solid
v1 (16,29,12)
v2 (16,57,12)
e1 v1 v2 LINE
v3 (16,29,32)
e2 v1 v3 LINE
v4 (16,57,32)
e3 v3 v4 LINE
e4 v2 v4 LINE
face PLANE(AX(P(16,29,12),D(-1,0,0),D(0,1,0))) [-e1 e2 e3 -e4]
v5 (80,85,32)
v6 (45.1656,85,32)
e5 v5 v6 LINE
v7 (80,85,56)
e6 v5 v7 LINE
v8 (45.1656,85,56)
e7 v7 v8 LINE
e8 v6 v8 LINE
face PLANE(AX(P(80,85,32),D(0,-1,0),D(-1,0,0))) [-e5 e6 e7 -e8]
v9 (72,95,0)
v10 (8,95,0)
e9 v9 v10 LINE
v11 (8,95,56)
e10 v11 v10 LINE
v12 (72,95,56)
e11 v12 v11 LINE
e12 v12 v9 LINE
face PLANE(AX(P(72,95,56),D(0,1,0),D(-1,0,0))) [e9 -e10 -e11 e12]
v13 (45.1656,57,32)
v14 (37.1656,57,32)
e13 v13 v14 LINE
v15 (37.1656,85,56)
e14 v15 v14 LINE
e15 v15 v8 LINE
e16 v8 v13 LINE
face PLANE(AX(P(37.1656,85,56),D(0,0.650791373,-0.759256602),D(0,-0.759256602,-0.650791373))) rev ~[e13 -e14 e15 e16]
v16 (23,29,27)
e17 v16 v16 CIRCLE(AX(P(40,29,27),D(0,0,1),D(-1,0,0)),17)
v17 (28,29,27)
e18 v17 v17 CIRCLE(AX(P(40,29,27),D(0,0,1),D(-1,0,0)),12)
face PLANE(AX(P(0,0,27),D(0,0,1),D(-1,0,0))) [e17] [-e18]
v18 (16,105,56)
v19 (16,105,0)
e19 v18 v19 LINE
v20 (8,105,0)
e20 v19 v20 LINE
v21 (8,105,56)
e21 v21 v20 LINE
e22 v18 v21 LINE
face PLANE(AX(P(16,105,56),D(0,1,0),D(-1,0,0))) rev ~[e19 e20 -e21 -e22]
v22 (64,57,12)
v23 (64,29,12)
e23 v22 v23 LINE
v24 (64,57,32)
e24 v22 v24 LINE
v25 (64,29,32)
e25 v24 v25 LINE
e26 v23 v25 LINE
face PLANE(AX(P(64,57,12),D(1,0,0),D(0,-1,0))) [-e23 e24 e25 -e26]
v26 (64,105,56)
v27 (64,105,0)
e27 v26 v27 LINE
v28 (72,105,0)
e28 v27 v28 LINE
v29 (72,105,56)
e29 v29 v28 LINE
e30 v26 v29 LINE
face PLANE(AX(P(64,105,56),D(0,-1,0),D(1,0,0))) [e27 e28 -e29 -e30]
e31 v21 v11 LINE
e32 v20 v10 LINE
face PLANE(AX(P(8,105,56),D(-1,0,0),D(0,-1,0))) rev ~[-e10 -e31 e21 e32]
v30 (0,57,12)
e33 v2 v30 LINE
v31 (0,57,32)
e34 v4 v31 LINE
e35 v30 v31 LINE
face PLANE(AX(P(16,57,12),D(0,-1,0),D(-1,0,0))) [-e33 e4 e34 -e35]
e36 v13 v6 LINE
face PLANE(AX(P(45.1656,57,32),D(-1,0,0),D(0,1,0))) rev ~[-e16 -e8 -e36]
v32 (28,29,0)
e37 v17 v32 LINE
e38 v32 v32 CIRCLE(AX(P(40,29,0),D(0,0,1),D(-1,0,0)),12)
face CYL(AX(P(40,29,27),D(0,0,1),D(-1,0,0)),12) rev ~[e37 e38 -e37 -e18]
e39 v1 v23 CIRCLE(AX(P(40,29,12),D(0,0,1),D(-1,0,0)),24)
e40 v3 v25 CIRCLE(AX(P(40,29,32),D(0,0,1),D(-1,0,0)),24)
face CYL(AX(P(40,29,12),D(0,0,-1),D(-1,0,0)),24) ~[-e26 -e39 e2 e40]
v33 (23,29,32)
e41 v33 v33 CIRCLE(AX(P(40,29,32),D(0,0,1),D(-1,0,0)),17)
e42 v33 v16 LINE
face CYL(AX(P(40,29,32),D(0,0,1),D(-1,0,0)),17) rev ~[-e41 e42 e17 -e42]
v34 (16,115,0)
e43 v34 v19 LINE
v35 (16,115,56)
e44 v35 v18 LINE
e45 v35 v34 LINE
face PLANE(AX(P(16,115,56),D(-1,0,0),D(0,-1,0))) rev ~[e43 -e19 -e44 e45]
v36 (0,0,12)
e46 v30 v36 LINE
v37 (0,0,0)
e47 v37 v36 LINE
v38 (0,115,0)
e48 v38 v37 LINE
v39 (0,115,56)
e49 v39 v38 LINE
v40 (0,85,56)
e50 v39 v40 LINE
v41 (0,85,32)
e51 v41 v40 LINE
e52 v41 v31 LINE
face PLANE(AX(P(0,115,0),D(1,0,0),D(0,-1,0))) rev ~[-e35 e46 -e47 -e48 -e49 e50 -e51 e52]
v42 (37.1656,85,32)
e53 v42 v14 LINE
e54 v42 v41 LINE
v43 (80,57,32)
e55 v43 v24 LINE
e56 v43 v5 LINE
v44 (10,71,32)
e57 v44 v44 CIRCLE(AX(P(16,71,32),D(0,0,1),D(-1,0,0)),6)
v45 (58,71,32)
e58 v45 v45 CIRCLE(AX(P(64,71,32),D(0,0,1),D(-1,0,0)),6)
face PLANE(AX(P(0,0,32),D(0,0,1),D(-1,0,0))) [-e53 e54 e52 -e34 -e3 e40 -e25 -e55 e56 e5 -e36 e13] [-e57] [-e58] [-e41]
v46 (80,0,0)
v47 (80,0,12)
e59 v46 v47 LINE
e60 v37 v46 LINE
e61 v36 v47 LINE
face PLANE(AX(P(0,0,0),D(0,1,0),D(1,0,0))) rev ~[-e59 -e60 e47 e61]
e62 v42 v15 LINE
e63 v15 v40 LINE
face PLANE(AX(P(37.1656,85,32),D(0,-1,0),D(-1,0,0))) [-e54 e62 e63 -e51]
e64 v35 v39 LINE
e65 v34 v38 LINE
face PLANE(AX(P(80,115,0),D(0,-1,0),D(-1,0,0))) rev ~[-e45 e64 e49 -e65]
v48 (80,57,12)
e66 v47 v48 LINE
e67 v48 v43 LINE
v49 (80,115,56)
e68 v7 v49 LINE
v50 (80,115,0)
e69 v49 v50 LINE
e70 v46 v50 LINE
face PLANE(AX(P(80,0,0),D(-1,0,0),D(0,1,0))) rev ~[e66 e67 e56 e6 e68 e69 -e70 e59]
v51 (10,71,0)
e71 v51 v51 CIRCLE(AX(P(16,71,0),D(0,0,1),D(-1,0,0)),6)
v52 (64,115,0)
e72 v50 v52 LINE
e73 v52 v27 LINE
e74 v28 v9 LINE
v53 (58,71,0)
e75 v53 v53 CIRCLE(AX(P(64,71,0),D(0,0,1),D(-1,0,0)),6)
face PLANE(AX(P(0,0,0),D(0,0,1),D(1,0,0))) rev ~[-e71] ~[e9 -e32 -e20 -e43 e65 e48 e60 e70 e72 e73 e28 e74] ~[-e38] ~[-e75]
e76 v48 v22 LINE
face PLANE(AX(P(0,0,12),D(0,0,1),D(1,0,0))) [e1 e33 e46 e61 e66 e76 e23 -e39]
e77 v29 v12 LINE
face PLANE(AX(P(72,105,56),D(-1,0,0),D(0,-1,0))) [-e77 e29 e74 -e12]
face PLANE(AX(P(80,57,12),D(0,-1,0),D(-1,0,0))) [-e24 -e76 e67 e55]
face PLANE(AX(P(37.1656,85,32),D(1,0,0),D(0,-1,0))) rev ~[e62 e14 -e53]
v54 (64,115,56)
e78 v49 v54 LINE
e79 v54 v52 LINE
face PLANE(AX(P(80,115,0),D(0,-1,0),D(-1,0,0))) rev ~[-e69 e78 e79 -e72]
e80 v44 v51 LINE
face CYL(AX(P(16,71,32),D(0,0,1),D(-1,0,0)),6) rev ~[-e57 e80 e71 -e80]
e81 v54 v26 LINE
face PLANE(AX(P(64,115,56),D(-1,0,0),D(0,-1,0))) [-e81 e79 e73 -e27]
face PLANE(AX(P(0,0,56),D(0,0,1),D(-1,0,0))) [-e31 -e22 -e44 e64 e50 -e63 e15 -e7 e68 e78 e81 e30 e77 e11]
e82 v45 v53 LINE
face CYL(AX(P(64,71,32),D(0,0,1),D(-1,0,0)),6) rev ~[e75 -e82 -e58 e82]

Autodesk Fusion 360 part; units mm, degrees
sketch "Sketch1" plane through (0, 0, 0) normal (0, 0, 1) x (1, 0, 0)
  line L0 (0, 0) -> (80, 0)
  line L1 (80, 0) -> (80, 115)
  line L2 (80, 115) -> (0, 115)
  line L3 (0, 115) -> (0, 0)
  dimension "d1" = 80
  dimension "d2" = 115
sketch "Sketch2" plane through (0, 0, 0) normal (0, 0, 1) x (1, 0, 0)
extrude "Extrude1" add sketch "Sketch1" along normal blind 12
sketch "Sketch3" plane through (0, 0, 12) normal (0, 0, 1) x (-1, 0, 0)
  line L0 (0, -115) -> (0, 0)
  line L1 (0, 0) -> (-80, 0)
  line L2 (-80, 0) -> (-80, -115)
  line L3 (-80, -115) -> (0, -115)
  line L4 (0, -115) -> (-80, -115)
  line L5 (-80, -115) -> (-80, -57)
  line L6 (-80, -57) -> (0, -57)
  line L7 (0, -57) -> (0, -115)
  line L8 (-16, -57) -> (-64, -57)
  line L9 (-64, -57) -> (-64, -29)
  line L10 (-64, -29) -> (-16, -29)
  line L11 (-16, -29) -> (-16, -57)
  circle A0 centre (-40, -29) radius 24
  dimension "d5" = 58
  dimension "d6" = 48
  dimension "d7" = 28
extrude "Extrude2" add sketch "Sketch3" along normal blind 20 contours L0 L2 L3 L4 L5 L6 L7 L8 | L6 L8 L9 L11 A0 | L10 A0 | L10 A0
sketch "Sketch4" plane through (0, 0, 32) normal (0, 0, 1) x (-1, 0, 0)
  line L0 (-16, -57) -> (-16, -29)
  arc A0 (-16, -29) -> (-64, -29) centre (-40, -29) ccw
  line L1 (-64, -29) -> (-64, -57)
  line L2 (-64, -57) -> (-80, -57)
  line L3 (-80, -57) -> (-80, -115)
  line L4 (-80, -115) -> (0, -115)
  line L5 (0, -115) -> (0, -57)
  line L6 (0, -57) -> (-16, -57)
  line L7 (0, -115) -> (-80, -115)
  line L8 (-80, -115) -> (-80, -85)
  line L9 (-80, -85) -> (0, -85)
  line L10 (0, -85) -> (0, -115)
  line L11 (-40, -85) -> (-37.1656, -85)
  line L12 (-37.1656, -85) -> (-37.1656, -57)
  line L13 (-37.1656, -57) -> (-40, -57)
  line L14 (-40, -57) -> (-40, -85)
  line L15 (-37.1656, -57) -> (-45.1656, -57)
  line L16 (-45.1656, -57) -> (-45.1656, -85)
  line L17 (-45.1656, -85) -> (-37.1656, -85)
  line L18 (-37.1656, -85) -> (-37.1656, -57)
  dimension "d10" = 28
  dimension "d11" = 8
extrude "Extrude3" add sketch "Sketch4" along normal blind 24 contours L3 L4 L5 L7 L8 L9 L10 L11 L17 | L9 L11 L12 L13 L14 L15 L17 L18 | L9 L14 L15 L16 L17
sketch "Sketch5" plane through (37.1656, 0, 0) normal (-1, 0, 0) x (0, -1, 0)
  line L0 (-85, 32) -> (-57, 32)
  line L1 (-57, 32) -> (-57, 56)
  line L2 (-57, 56) -> (-85, 56)
  line L3 (-85, 56) -> (-85, 32)
  line L4 (-85, 56) -> (-57, 32)
  line L5 (-85, 56) -> (-57, 56)
  line L6 (-57, 32) -> (-57, 56)
extrude "Extrude4" cut sketch "Sketch5" against normal blind 8 contours L1 L2 L4 L5 L6
sketch "Sketch6" plane through (0, 0, 56) normal (0, 0, 1) x (-1, 0, 0)
  line L0 (-37.1656, -85) -> (-45.1656, -85)
  line L1 (-45.1656, -85) -> (-80, -85)
  line L2 (-80, -85) -> (-80, -115)
  line L3 (-80, -115) -> (0, -115)
  line L4 (0, -115) -> (0, -85)
  line L5 (0, -85) -> (-37.1656, -85)
  line L6 (0, -115) -> (-16, -115)
  line L7 (-16, -115) -> (-16, -105)
  line L8 (-16, -105) -> (-8, -105)
  line L9 (-8, -105) -> (-8, -95)
  line L10 (-80, -115) -> (-64, -115)
  line L11 (-64, -115) -> (-64, -105)
  line L12 (-64, -105) -> (-72, -105)
  line L13 (-72, -105) -> (-72, -95)
  line L14 (-72, -95) -> (-8, -95)
  line L15 (-16, -115) -> (-64, -115)
  dimension "d16" = 16
  dimension "d17" = 10
  dimension "d18" = 10
  dimension "d19" = 16
  dimension "d20" = 8
extrude "Extrude5" cut sketch "Sketch6" against normal blind 90 contours L3 L7 L8 L9 L11 L12 L13 L14 L15
sketch "Sketch7" plane through (0, 0, 32) normal (0, 0, 1) x (-1, 0, 0)
  line L0 (-80, -85) -> (-45.1656, -85)
  line L1 (-45.1656, -85) -> (-45.1656, -57)
  line L2 (-45.1656, -57) -> (-37.1656, -57)
  line L3 (-37.1656, -57) -> (-37.1656, -85)
  line L4 (-37.1656, -85) -> (0, -85)
  line L5 (0, -85) -> (0, -57)
  line L6 (0, -57) -> (-16, -57)
  line L7 (-16, -57) -> (-16, -29)
  arc A0 (-16, -29) -> (-64, -29) centre (-40, -29) ccw
  line L8 (-64, -29) -> (-64, -57)
  line L9 (-64, -57) -> (-80, -57)
  line L10 (-80, -57) -> (-80, -85)
  circle A1 centre (-40, -29) radius 17
  dimension "d23" = 34
extrude "Extrude6" cut sketch "Sketch7" against normal blind 5 contours A1
sketch "Sketch8" plane through (0, 0, 27) normal (0, 0, 1) x (-1, 0, 0)
  circle A0 centre (-40, -29) radius 17
  circle A1 centre (-40, -29) radius 12
  dimension "d26" = 24
extrude "Extrude7" cut sketch "Sketch8" against normal blind 49 contours A1
sketch "Sketch9" plane through (0, 0, 32) normal (0, 0, 1) x (-1, 0, 0)
  circle A0 centre (-40, -29) radius 17
  line L0 (-80, -85) -> (-45.1656, -85)
  line L1 (-45.1656, -85) -> (-45.1656, -57)
  line L2 (-45.1656, -57) -> (-37.1656, -57)
  line L3 (-37.1656, -57) -> (-37.1656, -85)
  line L4 (-37.1656, -85) -> (0, -85)
  line L5 (0, -85) -> (0, -57)
  line L6 (0, -57) -> (-16, -57)
  line L7 (-16, -57) -> (-16, -29)
  arc A1 (-16, -29) -> (-64, -29) centre (-40, -29) ccw
  line L8 (-64, -29) -> (-64, -57)
  line L9 (-64, -57) -> (-80, -57)
  line L10 (-80, -57) -> (-80, -85)
  circle A2 centre (-16, -71) radius 6
  circle A3 centre (-64, -71) radius 6
  dimension "d29" = 12
  dimension "d30" = 12
extrude "Extrude8" cut sketch "Sketch9" against normal blind 46 contours A2 | A3
